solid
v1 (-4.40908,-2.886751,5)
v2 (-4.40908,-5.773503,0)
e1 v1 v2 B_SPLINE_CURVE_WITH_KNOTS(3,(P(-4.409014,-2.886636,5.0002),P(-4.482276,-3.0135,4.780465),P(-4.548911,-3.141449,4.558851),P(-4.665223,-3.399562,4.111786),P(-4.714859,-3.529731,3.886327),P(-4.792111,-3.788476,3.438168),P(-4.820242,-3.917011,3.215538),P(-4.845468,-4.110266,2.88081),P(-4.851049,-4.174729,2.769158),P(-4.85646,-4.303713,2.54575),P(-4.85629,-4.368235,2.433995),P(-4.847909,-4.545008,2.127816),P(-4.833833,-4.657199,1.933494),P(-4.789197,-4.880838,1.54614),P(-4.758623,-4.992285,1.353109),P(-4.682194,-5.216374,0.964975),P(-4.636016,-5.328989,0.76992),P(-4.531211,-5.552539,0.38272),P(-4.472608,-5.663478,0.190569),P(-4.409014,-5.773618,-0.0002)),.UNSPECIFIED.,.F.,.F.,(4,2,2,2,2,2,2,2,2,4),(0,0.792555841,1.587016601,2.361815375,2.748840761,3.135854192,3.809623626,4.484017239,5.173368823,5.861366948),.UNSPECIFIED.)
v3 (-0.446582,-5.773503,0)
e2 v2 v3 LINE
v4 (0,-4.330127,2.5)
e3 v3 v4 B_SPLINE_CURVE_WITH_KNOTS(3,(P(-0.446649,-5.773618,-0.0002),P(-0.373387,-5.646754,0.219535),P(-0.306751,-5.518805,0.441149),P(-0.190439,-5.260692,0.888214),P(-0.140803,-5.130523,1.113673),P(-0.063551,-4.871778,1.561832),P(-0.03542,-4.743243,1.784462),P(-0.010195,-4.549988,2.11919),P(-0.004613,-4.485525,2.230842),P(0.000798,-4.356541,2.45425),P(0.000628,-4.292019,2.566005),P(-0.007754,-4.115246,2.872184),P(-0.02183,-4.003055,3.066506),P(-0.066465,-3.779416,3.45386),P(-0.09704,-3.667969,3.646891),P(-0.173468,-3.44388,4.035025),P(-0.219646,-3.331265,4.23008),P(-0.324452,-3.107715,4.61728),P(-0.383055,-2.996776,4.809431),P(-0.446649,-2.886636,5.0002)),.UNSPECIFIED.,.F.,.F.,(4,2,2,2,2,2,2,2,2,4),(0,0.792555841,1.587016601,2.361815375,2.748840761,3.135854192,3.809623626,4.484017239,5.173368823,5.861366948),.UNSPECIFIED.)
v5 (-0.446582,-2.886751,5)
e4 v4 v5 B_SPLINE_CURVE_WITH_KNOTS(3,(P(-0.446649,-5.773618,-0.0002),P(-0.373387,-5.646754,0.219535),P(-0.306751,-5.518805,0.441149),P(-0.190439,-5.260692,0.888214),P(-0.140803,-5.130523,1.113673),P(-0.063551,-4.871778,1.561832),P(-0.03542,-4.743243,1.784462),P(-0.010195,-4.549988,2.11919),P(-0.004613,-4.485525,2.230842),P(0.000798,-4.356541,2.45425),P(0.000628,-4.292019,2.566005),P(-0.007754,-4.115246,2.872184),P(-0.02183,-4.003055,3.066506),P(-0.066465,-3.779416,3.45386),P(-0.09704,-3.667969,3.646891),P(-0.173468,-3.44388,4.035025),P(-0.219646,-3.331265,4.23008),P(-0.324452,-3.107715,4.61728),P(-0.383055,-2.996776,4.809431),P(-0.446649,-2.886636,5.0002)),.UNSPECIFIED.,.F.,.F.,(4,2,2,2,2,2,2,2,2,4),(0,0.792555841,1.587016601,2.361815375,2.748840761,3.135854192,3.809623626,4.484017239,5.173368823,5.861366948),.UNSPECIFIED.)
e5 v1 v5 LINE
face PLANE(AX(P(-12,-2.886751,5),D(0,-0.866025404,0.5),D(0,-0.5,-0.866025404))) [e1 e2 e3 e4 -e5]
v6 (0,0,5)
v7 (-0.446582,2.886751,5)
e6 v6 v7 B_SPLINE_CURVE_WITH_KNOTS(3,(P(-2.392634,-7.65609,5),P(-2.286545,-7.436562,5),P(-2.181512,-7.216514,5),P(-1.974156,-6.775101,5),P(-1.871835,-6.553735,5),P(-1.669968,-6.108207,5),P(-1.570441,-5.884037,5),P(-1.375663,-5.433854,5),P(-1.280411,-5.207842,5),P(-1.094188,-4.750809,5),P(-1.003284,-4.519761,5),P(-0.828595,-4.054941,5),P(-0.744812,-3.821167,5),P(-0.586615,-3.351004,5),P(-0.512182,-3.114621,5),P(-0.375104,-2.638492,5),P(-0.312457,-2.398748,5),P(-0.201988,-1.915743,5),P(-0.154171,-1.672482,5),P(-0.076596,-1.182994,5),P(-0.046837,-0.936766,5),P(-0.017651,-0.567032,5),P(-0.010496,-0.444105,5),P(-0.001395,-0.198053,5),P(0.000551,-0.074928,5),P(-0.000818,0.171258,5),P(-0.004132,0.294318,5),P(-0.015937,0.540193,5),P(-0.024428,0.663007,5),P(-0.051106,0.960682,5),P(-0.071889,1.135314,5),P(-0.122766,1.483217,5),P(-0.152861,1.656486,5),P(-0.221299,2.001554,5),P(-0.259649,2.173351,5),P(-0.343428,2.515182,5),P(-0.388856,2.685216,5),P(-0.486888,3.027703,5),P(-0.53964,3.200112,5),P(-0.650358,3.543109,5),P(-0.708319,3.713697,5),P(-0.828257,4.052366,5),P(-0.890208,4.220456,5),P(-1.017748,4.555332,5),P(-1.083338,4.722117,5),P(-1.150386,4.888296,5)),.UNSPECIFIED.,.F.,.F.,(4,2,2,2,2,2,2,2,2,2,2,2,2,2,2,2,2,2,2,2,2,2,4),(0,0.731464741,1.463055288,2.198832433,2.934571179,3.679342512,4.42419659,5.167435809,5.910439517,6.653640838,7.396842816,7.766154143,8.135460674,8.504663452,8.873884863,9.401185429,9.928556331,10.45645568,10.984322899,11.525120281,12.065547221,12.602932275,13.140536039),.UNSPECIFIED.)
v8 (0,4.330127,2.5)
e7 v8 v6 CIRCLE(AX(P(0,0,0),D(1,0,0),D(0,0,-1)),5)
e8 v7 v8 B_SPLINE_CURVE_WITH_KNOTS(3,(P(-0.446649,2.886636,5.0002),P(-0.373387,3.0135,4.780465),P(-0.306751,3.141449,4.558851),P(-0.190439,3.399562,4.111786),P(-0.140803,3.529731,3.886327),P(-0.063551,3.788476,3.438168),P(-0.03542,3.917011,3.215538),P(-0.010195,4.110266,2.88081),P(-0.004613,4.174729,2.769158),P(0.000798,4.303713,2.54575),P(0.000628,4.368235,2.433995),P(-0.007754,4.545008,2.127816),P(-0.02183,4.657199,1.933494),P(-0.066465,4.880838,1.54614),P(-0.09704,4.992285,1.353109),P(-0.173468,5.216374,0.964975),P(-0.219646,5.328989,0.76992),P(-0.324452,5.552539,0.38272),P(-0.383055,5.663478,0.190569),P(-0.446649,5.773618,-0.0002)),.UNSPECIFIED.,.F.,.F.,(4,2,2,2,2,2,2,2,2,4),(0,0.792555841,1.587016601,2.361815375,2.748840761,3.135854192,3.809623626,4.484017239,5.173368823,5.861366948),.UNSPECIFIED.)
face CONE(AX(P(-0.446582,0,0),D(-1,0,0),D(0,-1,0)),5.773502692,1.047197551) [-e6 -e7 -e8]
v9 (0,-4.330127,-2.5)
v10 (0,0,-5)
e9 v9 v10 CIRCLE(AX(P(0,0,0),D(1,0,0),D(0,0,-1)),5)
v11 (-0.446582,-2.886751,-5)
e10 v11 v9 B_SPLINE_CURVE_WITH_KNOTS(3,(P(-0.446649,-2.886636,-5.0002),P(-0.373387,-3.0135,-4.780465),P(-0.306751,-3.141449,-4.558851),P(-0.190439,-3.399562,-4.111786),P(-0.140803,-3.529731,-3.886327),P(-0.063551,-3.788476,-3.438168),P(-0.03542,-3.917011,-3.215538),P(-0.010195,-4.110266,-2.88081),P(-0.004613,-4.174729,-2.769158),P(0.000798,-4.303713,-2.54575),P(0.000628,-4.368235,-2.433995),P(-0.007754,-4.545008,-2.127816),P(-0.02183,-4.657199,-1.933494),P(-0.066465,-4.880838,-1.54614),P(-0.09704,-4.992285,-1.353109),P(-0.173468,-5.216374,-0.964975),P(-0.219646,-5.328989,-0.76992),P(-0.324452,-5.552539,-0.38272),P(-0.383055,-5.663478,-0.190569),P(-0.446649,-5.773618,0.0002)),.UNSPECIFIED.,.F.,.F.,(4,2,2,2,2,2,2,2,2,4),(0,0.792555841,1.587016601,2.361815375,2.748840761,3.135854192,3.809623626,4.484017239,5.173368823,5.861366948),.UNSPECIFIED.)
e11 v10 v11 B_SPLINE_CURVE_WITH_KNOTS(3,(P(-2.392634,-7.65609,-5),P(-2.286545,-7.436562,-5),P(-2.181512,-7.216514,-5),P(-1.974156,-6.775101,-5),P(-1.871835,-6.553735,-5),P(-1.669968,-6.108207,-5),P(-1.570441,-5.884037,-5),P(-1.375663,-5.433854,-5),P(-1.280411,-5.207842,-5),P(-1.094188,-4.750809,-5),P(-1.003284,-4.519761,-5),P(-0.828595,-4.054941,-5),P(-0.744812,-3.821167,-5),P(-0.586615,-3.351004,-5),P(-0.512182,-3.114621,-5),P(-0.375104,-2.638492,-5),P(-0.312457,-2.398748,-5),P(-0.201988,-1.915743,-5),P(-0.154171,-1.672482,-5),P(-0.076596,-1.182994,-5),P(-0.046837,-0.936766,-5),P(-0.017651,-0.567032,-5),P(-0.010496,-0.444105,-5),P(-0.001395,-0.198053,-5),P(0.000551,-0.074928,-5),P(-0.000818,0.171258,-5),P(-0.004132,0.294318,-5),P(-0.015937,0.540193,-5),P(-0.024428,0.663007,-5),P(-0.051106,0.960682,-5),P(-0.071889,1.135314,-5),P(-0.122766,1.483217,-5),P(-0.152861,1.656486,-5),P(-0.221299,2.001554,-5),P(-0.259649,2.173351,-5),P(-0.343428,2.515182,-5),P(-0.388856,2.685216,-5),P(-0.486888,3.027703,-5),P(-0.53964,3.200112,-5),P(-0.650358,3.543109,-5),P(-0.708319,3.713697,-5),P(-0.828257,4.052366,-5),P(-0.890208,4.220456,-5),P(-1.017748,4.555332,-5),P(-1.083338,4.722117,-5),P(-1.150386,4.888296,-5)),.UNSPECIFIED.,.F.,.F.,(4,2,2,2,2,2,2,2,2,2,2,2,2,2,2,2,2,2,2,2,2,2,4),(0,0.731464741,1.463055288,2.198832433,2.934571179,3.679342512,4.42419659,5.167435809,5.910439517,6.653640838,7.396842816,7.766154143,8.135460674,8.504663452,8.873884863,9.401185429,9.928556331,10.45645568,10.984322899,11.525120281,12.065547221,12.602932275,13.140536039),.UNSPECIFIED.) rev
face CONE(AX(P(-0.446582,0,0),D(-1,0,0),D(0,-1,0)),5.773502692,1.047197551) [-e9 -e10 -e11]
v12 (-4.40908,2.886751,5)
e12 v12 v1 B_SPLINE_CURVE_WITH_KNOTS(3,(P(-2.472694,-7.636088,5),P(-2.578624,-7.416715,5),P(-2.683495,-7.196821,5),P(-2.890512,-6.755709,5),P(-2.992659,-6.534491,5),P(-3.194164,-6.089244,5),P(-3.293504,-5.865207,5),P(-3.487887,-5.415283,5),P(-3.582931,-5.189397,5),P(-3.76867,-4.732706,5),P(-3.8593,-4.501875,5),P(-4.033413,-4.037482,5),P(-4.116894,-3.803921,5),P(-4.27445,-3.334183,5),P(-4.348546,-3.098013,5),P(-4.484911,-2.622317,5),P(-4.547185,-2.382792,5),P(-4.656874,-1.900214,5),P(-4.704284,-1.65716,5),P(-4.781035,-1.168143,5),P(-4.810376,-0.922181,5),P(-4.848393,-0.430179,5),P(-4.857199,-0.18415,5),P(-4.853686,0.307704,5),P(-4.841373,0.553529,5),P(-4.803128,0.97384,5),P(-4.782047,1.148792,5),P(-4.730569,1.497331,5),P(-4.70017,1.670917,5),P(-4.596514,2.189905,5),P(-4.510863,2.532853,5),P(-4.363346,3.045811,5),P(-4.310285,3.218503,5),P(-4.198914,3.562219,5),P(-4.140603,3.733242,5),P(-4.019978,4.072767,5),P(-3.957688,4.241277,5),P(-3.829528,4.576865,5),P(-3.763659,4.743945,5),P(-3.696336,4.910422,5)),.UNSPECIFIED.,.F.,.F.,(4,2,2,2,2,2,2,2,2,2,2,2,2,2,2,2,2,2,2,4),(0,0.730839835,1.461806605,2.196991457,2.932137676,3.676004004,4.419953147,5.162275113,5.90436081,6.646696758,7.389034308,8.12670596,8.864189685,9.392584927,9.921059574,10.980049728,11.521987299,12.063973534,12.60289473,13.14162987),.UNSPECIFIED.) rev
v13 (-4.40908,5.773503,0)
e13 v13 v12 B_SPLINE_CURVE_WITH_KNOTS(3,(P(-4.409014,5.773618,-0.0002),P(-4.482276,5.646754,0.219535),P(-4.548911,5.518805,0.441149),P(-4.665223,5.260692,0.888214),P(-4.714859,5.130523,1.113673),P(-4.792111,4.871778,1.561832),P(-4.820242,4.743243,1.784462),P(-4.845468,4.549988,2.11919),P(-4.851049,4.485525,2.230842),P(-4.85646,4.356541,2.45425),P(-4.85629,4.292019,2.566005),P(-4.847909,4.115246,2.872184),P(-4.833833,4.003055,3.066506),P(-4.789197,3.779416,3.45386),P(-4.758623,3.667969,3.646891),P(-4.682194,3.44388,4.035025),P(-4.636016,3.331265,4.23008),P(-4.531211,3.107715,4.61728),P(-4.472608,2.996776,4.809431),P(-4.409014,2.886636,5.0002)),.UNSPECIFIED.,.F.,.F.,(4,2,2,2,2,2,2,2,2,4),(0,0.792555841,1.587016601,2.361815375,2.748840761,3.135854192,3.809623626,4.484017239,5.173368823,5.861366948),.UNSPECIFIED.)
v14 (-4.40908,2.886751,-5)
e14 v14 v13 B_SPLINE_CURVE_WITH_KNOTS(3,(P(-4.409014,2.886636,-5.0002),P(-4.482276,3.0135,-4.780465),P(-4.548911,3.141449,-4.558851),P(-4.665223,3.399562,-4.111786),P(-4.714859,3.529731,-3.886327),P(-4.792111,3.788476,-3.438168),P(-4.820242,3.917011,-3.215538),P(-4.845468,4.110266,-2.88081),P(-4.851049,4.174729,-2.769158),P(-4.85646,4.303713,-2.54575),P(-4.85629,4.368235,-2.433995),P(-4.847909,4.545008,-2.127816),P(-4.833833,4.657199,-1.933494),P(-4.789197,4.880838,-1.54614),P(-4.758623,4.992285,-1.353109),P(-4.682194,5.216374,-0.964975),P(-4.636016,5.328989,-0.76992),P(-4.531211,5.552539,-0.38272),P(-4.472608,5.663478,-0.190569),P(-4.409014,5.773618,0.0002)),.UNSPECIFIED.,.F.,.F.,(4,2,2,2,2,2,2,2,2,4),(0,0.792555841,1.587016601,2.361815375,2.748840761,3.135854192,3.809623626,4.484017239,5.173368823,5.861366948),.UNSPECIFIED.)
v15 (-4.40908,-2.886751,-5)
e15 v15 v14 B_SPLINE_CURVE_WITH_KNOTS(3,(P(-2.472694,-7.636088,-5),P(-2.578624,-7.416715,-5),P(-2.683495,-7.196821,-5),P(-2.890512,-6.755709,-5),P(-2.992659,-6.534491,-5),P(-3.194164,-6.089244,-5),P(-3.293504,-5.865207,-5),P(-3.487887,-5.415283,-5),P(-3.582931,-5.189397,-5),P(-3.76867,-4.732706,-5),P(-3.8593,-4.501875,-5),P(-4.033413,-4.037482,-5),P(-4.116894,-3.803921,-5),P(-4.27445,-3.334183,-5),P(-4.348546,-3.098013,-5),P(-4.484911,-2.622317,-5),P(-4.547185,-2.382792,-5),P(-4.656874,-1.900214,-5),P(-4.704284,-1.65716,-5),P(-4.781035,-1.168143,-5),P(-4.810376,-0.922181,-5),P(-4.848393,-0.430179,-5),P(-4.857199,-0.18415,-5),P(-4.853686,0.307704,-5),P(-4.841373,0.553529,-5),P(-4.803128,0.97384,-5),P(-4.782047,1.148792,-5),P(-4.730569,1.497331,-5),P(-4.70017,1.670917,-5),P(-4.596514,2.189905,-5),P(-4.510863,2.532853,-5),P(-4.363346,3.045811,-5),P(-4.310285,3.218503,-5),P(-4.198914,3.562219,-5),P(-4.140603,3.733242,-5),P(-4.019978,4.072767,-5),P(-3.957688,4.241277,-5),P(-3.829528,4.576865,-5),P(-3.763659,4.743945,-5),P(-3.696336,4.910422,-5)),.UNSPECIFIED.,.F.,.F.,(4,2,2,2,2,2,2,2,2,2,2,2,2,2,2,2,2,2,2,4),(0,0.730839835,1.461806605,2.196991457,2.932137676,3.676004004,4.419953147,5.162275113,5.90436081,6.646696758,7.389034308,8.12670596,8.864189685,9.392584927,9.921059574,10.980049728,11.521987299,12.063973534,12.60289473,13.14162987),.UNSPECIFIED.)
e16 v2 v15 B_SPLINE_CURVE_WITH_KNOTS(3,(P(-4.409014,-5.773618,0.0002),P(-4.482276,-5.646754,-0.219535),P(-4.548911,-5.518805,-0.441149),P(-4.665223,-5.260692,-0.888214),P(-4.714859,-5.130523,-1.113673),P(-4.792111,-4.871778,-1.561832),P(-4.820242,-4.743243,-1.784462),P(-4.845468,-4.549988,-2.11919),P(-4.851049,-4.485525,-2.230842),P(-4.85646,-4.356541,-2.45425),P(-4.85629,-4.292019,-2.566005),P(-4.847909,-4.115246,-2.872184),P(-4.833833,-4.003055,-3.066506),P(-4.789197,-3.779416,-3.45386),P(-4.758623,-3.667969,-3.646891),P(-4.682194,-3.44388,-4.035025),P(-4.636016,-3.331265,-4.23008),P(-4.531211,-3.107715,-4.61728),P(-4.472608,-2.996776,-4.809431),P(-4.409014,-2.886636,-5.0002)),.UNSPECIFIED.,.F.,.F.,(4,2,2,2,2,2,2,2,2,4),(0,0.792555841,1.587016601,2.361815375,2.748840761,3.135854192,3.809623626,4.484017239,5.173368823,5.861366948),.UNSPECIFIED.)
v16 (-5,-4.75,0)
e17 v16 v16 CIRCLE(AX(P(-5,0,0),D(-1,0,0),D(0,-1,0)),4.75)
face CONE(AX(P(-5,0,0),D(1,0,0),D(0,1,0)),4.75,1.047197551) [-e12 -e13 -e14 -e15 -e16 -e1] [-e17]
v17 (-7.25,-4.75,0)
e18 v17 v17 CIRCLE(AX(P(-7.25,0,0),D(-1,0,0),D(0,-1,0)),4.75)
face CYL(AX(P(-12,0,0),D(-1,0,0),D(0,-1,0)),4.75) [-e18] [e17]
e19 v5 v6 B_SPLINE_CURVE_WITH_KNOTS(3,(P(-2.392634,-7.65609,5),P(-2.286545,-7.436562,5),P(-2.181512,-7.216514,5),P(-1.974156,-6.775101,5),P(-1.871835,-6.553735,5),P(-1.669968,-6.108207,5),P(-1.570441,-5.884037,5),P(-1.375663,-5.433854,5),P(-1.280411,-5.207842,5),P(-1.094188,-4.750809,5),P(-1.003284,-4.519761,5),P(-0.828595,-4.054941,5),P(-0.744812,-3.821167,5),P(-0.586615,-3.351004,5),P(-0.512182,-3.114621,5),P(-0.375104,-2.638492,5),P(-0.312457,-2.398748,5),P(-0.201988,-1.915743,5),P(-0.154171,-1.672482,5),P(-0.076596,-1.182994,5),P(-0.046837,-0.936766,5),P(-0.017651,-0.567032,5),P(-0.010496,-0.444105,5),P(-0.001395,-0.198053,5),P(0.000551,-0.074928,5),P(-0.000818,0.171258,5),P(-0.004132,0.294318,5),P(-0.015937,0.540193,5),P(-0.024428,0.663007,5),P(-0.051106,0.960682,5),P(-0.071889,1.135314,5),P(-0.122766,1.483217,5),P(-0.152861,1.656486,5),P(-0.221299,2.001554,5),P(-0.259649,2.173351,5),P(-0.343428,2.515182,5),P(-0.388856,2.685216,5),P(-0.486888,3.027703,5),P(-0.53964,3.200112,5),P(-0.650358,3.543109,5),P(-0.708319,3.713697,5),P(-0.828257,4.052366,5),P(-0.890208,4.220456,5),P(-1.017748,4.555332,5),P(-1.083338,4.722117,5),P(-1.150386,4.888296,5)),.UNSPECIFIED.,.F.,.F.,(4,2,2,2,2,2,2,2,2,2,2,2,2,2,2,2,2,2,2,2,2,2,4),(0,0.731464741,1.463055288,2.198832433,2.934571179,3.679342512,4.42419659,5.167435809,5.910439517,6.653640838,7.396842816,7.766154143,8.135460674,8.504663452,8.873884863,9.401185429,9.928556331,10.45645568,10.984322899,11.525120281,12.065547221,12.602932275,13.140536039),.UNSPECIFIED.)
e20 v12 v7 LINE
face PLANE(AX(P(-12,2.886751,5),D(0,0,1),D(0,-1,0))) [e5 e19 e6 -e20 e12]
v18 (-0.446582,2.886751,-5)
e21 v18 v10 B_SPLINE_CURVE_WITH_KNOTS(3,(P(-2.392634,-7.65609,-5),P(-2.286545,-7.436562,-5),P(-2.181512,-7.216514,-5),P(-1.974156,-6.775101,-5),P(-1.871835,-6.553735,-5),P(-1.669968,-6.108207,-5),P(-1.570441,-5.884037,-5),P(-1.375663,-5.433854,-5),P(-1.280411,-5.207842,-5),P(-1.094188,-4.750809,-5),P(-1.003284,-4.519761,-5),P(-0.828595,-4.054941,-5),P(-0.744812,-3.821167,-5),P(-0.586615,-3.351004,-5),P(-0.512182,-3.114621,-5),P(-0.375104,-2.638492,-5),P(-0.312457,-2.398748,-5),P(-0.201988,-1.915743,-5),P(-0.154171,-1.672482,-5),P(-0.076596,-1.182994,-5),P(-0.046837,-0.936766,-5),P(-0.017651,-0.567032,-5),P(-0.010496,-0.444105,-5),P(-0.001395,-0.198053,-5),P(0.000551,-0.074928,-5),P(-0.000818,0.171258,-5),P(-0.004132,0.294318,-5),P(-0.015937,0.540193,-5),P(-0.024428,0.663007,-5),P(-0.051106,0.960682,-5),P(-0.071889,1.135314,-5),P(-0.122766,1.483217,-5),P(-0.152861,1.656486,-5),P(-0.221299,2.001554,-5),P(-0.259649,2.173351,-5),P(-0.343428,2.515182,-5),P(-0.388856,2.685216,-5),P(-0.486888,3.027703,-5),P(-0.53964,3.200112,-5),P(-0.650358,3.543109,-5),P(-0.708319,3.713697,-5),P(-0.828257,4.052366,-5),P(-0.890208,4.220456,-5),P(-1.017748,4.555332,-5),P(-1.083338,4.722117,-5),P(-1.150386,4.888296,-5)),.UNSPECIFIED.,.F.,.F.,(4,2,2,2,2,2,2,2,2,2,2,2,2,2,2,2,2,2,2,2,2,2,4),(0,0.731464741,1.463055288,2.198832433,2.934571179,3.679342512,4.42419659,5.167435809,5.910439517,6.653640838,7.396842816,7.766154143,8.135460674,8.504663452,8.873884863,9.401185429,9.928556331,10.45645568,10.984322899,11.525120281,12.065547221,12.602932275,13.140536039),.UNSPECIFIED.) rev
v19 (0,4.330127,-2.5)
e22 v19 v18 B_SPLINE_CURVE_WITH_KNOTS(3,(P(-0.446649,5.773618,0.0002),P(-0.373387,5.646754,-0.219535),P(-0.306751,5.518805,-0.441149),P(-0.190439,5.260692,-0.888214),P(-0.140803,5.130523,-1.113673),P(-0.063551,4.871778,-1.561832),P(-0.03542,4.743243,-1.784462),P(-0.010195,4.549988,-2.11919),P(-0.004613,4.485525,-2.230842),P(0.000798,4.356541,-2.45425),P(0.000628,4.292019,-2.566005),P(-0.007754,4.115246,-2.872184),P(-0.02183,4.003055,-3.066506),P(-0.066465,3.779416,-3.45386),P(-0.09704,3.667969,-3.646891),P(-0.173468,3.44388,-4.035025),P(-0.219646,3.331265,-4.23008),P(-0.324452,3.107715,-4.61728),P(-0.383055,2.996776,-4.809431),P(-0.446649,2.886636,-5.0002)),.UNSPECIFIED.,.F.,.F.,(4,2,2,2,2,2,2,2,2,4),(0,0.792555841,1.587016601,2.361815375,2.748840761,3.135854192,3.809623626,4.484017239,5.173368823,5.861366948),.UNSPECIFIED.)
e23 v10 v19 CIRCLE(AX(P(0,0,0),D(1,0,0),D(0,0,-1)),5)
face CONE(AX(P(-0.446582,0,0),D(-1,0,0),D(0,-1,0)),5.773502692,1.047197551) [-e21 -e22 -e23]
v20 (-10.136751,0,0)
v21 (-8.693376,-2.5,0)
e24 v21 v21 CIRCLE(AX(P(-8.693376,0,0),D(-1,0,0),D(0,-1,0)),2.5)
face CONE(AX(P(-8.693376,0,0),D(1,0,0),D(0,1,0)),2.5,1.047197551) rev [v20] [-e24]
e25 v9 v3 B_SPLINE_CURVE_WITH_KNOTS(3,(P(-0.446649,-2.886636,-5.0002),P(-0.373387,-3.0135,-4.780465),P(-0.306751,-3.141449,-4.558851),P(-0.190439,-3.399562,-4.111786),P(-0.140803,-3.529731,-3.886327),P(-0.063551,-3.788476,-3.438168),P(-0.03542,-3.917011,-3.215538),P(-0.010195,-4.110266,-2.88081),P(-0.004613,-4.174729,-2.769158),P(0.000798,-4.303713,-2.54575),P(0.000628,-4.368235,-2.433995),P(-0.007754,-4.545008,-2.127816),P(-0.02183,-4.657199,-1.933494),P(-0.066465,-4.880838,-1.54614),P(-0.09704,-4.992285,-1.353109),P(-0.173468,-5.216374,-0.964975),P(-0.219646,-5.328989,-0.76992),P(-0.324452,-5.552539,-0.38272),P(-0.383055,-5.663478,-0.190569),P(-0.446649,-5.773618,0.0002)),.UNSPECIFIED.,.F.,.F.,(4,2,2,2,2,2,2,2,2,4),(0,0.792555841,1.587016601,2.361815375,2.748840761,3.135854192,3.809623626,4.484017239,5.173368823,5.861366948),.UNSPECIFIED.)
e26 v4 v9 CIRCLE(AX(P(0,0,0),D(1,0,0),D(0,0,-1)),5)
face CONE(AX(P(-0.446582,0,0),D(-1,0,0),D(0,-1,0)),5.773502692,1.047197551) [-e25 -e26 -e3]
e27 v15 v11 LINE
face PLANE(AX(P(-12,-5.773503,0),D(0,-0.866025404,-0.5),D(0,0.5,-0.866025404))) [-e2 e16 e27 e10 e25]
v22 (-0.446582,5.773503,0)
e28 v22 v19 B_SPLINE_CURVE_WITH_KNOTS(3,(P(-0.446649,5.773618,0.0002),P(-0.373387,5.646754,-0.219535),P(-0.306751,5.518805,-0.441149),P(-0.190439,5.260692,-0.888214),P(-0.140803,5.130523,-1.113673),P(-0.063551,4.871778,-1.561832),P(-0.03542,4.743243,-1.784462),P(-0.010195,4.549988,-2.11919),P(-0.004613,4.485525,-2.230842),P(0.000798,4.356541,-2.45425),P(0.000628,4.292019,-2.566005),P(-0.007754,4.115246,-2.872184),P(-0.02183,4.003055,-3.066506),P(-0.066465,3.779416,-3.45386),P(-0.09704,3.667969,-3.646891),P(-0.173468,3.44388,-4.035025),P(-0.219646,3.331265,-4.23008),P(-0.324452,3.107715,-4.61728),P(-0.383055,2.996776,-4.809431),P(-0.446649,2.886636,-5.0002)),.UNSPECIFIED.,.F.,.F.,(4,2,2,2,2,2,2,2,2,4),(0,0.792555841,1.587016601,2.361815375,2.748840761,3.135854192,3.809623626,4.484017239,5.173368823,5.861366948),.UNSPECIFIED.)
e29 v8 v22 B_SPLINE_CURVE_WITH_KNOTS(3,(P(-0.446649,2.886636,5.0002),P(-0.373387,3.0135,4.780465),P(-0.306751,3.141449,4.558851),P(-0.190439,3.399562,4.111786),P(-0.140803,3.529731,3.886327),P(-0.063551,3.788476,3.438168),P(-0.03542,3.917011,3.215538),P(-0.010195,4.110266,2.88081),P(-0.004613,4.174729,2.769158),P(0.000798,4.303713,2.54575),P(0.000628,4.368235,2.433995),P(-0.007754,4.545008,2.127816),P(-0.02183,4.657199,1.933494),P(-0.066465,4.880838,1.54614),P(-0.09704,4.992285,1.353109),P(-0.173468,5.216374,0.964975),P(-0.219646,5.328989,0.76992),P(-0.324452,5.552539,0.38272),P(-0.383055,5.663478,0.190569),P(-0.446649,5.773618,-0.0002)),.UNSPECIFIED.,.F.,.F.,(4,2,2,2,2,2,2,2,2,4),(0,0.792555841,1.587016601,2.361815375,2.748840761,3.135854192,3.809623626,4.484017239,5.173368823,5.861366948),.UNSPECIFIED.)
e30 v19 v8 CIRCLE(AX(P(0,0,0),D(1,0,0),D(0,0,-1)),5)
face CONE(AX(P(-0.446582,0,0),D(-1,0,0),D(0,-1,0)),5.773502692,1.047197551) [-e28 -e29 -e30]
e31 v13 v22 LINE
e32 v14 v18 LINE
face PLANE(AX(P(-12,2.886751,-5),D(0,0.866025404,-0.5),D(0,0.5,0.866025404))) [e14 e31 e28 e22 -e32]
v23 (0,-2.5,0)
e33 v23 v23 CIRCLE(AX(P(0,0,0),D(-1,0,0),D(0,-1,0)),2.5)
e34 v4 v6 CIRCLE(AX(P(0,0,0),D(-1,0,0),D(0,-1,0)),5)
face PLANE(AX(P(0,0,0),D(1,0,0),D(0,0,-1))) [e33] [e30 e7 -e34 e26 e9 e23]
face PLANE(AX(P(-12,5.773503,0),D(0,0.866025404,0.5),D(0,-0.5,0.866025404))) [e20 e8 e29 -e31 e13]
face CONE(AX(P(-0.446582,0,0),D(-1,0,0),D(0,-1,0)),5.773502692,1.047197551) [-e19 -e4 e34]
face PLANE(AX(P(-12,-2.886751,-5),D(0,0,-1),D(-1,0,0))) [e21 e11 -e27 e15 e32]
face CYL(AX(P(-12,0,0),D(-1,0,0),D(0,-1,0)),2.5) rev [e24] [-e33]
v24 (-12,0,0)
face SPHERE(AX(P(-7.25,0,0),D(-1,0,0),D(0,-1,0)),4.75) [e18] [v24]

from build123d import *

# Parameters (mm, degrees)
BOSS_EXTRUDE1_DEPTH = 12


with BuildPart() as part:
    # Sketch1 → Boss-Extrude1 (new body)
    with BuildSketch(Plane(origin=(0, 0, 0), x_dir=(0, 0, -1), z_dir=(1, 0, 0))):
        Polygon((0, 5.773502692), (-5, 2.886751346), (-5, -2.886751346), (0, -5.773502692), (5, -2.886751346), (5, 2.886751346), align=None)
    extrude(amount=-BOSS_EXTRUDE1_DEPTH)

    # Sketch2 → Cut-Revolve4 (revolve, cut)
    with BuildSketch(Plane.XY):
        Polygon((0, 5), (-0.446581987, 5.773502692), (0, 5.773502692), align=None)
        with BuildLine():
            Line((-4.409080445, 5.773502692), (-13.863248654, 5.773502692))
            Line((-13.863248654, 5.773502692), (-13.863248654, 0))
            Line((-13.863248654, 0), (-12, 0))
            ThreePointArc((-12, 0), (-10.608757211, 3.358757211), (-7.25, 4.75))
            Line((-7.25, 4.75), (-5, 4.75))
            Line((-5, 4.75), (-4.409080445, 5.773502692))
        make_face()
        Polygon((-10.136751346, 0), (-8.693375673, 2.5), (0, 2.5), (0, 0), align=None)
    revolve(axis=Axis((-12, 0, 0), (1, 0, 0)), mode=Mode.SUBTRACT)


solid = part.part
